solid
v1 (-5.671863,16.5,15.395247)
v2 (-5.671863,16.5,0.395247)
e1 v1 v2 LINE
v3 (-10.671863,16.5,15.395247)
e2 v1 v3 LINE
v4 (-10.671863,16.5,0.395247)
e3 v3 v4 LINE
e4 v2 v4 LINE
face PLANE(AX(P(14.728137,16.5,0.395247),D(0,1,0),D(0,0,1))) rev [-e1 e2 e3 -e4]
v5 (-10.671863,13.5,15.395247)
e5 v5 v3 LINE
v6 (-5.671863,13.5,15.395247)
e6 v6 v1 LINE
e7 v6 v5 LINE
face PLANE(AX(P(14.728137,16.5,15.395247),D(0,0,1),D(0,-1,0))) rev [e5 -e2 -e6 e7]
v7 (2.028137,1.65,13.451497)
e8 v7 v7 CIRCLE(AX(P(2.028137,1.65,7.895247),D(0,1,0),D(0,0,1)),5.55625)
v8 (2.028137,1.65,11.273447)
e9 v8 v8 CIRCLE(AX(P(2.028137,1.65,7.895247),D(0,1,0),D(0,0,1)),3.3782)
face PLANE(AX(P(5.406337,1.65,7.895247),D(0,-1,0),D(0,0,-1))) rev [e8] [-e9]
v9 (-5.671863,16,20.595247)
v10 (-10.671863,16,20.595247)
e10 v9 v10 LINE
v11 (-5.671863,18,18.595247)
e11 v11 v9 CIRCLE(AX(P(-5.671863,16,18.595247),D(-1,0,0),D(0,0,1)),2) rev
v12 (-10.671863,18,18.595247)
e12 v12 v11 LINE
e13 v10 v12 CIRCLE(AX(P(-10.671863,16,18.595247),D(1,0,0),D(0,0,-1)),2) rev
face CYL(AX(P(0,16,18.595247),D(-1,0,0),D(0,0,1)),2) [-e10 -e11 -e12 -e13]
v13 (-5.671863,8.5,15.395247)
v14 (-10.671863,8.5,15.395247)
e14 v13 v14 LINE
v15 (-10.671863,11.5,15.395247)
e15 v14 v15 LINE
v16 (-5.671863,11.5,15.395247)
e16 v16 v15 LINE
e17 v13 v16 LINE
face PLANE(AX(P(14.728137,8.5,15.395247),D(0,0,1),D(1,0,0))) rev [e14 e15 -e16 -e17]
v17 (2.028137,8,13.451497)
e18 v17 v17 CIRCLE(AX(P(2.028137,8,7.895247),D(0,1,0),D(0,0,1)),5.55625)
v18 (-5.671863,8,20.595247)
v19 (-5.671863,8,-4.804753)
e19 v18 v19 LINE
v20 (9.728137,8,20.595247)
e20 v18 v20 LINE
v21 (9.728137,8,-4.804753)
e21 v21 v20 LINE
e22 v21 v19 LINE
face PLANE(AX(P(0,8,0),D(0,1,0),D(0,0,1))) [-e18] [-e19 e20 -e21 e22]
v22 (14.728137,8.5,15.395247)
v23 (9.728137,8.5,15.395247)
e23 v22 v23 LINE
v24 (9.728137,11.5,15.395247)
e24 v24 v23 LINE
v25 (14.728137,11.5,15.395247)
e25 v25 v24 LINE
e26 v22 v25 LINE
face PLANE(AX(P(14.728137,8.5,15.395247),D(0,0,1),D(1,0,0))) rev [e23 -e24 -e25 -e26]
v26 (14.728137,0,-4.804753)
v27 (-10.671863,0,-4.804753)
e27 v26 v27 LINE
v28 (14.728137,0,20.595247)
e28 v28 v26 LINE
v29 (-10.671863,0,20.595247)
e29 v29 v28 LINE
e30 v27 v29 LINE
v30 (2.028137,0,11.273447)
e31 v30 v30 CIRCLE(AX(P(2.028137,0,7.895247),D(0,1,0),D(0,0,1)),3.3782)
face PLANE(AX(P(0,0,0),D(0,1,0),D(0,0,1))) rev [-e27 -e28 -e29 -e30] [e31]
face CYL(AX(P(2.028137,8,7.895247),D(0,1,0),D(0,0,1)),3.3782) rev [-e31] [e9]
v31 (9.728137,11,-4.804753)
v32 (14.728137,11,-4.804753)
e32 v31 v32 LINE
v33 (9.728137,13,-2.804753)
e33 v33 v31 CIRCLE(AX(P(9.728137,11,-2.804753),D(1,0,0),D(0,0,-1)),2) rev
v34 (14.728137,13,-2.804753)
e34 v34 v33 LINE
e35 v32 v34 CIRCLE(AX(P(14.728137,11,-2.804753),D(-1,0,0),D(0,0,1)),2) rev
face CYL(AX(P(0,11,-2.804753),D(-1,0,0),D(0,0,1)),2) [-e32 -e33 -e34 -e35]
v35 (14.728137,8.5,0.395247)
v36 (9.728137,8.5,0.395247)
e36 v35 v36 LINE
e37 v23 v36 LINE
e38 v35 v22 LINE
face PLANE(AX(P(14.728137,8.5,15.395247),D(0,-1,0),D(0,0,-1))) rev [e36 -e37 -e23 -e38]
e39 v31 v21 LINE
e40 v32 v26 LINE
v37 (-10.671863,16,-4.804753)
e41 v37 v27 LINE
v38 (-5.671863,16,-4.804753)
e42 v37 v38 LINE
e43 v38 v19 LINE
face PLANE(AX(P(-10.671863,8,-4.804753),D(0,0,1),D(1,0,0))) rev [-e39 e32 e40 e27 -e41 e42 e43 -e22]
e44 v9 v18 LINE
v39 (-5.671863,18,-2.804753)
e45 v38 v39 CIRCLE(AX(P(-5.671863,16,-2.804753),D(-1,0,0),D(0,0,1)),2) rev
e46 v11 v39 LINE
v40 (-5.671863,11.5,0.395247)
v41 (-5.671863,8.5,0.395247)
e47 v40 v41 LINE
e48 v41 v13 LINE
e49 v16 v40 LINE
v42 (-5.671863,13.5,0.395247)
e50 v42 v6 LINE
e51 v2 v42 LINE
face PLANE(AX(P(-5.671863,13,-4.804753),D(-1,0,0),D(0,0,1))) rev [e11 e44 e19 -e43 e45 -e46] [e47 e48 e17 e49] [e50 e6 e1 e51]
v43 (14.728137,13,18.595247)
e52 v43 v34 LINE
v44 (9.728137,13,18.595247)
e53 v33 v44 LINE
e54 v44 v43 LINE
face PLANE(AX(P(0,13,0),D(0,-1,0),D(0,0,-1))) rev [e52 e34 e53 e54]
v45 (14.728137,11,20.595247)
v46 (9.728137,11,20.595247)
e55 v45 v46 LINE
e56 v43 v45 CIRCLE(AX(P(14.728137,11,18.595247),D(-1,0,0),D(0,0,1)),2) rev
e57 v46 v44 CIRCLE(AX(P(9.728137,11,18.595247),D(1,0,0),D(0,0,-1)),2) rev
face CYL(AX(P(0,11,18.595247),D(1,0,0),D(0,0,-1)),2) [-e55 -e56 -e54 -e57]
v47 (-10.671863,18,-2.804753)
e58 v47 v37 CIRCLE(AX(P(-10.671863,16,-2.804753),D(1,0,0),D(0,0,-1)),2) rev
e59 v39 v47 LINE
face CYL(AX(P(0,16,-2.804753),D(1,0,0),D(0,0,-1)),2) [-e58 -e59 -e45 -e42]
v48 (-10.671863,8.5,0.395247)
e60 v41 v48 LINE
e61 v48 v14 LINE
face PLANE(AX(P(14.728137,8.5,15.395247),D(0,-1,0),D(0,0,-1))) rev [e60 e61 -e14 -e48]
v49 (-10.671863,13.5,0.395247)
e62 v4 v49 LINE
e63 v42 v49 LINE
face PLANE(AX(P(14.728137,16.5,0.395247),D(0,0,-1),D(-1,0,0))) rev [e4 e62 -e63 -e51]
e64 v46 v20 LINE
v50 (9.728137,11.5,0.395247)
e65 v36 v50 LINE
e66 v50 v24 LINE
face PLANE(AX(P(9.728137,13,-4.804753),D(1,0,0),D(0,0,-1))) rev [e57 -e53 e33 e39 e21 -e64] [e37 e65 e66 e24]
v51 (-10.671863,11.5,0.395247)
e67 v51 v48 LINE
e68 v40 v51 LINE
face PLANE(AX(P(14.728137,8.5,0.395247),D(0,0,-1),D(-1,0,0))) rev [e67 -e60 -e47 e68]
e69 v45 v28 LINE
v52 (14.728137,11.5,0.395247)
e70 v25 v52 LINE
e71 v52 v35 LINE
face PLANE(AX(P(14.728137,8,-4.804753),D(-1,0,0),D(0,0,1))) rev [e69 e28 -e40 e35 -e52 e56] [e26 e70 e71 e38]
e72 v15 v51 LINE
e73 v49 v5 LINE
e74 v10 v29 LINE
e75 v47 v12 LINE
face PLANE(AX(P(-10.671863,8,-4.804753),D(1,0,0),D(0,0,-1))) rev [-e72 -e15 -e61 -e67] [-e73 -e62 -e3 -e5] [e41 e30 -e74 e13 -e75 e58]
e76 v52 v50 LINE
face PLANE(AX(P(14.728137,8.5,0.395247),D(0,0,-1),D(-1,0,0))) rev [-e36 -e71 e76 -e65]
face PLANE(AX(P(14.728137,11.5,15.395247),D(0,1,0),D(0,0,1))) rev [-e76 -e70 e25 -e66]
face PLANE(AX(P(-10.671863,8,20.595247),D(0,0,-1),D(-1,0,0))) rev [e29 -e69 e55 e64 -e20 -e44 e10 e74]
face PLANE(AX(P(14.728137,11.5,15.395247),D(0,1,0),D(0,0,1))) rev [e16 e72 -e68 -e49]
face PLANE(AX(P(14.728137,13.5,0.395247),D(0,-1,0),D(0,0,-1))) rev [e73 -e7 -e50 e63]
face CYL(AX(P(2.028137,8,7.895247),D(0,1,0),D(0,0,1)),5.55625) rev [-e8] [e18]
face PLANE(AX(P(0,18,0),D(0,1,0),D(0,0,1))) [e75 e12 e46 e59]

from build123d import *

# Parameters (mm, degrees)
SKETCH1_W                                        = 25.4
SKETCH1_H                                        = 25.4
BOSS_EXTRUDE1_DEPTH                              = 8
SKETCH2_W                                        = 5
SKETCH2_H                                        = 25.4
BOSS_EXTRUDE2_DEPTH                              = 5
CBORE_FOR_1_4_SOCKET_HEAD_CAP_SCREW1_D           = 6.7564
CBORE_FOR_1_4_SOCKET_HEAD_CAP_SCREW1_CBORE_D     = 11.1125
CBORE_FOR_1_4_SOCKET_HEAD_CAP_SCREW1_CBORE_DEPTH = 6.35
SKETCH5_W                                        = 15
SKETCH5_H                                        = 3
CUT_EXTRUDE1_DEPTH                               = 36.18983099
SKETCH6_W                                        = 5
SKETCH6_H                                        = 25.4
BOSS_EXTRUDE3_DEPTH                              = 5
SKETCH7_W                                        = 15
SKETCH7_H                                        = 3
CUT_EXTRUDE2_DEPTH                               = 38.327258205
FILLET1_R                                        = 2


with BuildPart() as part:
    # Sketch1 → Boss-Extrude1 (new body)
    with BuildSketch(Plane(origin=(0, 0, 0), x_dir=(1, 0, 0), z_dir=(0, 1, 0))):
        with Locations((2.028136882, -7.895247148)):
            Rectangle(SKETCH1_W, SKETCH1_H)
    extrude(amount=BOSS_EXTRUDE1_DEPTH)

    # Sketch2 → Boss-Extrude2 (add)
    with BuildSketch(Plane(origin=(0, 8, 0), x_dir=(1, 0, 0), z_dir=(0, 1, 0))):
        with Locations((-8.171863118, -7.895247148)):
            Rectangle(SKETCH2_W, SKETCH2_H)
        with Locations((12.228136882, -7.895247148)):
            Rectangle(SKETCH2_W, SKETCH2_H)
    extrude(amount=BOSS_EXTRUDE2_DEPTH)

    # CBORE for 1/4 Socket Head Cap Screw1 (through all)
    with Locations(Plane(origin=(0, 8, 0), x_dir=(1, 0, 0), z_dir=(0, 1, 0))):
        with Locations((22.31346114, -3.943712885), (2.028136882, -7.895247148)):
            CounterBoreHole(CBORE_FOR_1_4_SOCKET_HEAD_CAP_SCREW1_D / 2, CBORE_FOR_1_4_SOCKET_HEAD_CAP_SCREW1_CBORE_D / 2, CBORE_FOR_1_4_SOCKET_HEAD_CAP_SCREW1_CBORE_DEPTH)

    # Sketch5 → Cut-Extrude1 (cut, through all)
    with BuildSketch(Plane.ZY.offset(10.671863118)):
        with Locations((7.895247148, 10)):
            Rectangle(SKETCH5_W, SKETCH5_H)
    extrude(amount=-CUT_EXTRUDE1_DEPTH, mode=Mode.SUBTRACT)

    # Sketch6 → Boss-Extrude3 (add)
    with BuildSketch(Plane(origin=(0, 13, 0), x_dir=(1, 0, 0), z_dir=(0, 1, 0))):
        with Locations((-8.171863118, -7.895247148)):
            Rectangle(SKETCH6_W, SKETCH6_H)
    extrude(amount=BOSS_EXTRUDE3_DEPTH)

    # Sketch7 → Cut-Extrude2 (cut, through all)
    with BuildSketch(Plane.ZY.offset(10.671863118)):
        with Locations((7.895247148, 15)):
            Rectangle(SKETCH7_W, SKETCH7_H)
    extrude(amount=-CUT_EXTRUDE2_DEPTH, mode=Mode.SUBTRACT)

    # Fillet1
    fillet1_edges = [part.edges().sort_by_distance(p)[0] for p in [
        (12.228136882, 13, -4.804752852),
        (12.228136882, 13, 20.595247148),
        (-8.171863118, 18, -4.804752852),
        (-8.171863118, 18, 20.595247148),
    ]]
    fillet(fillet1_edges, radius=FILLET1_R)


solid = part.part
